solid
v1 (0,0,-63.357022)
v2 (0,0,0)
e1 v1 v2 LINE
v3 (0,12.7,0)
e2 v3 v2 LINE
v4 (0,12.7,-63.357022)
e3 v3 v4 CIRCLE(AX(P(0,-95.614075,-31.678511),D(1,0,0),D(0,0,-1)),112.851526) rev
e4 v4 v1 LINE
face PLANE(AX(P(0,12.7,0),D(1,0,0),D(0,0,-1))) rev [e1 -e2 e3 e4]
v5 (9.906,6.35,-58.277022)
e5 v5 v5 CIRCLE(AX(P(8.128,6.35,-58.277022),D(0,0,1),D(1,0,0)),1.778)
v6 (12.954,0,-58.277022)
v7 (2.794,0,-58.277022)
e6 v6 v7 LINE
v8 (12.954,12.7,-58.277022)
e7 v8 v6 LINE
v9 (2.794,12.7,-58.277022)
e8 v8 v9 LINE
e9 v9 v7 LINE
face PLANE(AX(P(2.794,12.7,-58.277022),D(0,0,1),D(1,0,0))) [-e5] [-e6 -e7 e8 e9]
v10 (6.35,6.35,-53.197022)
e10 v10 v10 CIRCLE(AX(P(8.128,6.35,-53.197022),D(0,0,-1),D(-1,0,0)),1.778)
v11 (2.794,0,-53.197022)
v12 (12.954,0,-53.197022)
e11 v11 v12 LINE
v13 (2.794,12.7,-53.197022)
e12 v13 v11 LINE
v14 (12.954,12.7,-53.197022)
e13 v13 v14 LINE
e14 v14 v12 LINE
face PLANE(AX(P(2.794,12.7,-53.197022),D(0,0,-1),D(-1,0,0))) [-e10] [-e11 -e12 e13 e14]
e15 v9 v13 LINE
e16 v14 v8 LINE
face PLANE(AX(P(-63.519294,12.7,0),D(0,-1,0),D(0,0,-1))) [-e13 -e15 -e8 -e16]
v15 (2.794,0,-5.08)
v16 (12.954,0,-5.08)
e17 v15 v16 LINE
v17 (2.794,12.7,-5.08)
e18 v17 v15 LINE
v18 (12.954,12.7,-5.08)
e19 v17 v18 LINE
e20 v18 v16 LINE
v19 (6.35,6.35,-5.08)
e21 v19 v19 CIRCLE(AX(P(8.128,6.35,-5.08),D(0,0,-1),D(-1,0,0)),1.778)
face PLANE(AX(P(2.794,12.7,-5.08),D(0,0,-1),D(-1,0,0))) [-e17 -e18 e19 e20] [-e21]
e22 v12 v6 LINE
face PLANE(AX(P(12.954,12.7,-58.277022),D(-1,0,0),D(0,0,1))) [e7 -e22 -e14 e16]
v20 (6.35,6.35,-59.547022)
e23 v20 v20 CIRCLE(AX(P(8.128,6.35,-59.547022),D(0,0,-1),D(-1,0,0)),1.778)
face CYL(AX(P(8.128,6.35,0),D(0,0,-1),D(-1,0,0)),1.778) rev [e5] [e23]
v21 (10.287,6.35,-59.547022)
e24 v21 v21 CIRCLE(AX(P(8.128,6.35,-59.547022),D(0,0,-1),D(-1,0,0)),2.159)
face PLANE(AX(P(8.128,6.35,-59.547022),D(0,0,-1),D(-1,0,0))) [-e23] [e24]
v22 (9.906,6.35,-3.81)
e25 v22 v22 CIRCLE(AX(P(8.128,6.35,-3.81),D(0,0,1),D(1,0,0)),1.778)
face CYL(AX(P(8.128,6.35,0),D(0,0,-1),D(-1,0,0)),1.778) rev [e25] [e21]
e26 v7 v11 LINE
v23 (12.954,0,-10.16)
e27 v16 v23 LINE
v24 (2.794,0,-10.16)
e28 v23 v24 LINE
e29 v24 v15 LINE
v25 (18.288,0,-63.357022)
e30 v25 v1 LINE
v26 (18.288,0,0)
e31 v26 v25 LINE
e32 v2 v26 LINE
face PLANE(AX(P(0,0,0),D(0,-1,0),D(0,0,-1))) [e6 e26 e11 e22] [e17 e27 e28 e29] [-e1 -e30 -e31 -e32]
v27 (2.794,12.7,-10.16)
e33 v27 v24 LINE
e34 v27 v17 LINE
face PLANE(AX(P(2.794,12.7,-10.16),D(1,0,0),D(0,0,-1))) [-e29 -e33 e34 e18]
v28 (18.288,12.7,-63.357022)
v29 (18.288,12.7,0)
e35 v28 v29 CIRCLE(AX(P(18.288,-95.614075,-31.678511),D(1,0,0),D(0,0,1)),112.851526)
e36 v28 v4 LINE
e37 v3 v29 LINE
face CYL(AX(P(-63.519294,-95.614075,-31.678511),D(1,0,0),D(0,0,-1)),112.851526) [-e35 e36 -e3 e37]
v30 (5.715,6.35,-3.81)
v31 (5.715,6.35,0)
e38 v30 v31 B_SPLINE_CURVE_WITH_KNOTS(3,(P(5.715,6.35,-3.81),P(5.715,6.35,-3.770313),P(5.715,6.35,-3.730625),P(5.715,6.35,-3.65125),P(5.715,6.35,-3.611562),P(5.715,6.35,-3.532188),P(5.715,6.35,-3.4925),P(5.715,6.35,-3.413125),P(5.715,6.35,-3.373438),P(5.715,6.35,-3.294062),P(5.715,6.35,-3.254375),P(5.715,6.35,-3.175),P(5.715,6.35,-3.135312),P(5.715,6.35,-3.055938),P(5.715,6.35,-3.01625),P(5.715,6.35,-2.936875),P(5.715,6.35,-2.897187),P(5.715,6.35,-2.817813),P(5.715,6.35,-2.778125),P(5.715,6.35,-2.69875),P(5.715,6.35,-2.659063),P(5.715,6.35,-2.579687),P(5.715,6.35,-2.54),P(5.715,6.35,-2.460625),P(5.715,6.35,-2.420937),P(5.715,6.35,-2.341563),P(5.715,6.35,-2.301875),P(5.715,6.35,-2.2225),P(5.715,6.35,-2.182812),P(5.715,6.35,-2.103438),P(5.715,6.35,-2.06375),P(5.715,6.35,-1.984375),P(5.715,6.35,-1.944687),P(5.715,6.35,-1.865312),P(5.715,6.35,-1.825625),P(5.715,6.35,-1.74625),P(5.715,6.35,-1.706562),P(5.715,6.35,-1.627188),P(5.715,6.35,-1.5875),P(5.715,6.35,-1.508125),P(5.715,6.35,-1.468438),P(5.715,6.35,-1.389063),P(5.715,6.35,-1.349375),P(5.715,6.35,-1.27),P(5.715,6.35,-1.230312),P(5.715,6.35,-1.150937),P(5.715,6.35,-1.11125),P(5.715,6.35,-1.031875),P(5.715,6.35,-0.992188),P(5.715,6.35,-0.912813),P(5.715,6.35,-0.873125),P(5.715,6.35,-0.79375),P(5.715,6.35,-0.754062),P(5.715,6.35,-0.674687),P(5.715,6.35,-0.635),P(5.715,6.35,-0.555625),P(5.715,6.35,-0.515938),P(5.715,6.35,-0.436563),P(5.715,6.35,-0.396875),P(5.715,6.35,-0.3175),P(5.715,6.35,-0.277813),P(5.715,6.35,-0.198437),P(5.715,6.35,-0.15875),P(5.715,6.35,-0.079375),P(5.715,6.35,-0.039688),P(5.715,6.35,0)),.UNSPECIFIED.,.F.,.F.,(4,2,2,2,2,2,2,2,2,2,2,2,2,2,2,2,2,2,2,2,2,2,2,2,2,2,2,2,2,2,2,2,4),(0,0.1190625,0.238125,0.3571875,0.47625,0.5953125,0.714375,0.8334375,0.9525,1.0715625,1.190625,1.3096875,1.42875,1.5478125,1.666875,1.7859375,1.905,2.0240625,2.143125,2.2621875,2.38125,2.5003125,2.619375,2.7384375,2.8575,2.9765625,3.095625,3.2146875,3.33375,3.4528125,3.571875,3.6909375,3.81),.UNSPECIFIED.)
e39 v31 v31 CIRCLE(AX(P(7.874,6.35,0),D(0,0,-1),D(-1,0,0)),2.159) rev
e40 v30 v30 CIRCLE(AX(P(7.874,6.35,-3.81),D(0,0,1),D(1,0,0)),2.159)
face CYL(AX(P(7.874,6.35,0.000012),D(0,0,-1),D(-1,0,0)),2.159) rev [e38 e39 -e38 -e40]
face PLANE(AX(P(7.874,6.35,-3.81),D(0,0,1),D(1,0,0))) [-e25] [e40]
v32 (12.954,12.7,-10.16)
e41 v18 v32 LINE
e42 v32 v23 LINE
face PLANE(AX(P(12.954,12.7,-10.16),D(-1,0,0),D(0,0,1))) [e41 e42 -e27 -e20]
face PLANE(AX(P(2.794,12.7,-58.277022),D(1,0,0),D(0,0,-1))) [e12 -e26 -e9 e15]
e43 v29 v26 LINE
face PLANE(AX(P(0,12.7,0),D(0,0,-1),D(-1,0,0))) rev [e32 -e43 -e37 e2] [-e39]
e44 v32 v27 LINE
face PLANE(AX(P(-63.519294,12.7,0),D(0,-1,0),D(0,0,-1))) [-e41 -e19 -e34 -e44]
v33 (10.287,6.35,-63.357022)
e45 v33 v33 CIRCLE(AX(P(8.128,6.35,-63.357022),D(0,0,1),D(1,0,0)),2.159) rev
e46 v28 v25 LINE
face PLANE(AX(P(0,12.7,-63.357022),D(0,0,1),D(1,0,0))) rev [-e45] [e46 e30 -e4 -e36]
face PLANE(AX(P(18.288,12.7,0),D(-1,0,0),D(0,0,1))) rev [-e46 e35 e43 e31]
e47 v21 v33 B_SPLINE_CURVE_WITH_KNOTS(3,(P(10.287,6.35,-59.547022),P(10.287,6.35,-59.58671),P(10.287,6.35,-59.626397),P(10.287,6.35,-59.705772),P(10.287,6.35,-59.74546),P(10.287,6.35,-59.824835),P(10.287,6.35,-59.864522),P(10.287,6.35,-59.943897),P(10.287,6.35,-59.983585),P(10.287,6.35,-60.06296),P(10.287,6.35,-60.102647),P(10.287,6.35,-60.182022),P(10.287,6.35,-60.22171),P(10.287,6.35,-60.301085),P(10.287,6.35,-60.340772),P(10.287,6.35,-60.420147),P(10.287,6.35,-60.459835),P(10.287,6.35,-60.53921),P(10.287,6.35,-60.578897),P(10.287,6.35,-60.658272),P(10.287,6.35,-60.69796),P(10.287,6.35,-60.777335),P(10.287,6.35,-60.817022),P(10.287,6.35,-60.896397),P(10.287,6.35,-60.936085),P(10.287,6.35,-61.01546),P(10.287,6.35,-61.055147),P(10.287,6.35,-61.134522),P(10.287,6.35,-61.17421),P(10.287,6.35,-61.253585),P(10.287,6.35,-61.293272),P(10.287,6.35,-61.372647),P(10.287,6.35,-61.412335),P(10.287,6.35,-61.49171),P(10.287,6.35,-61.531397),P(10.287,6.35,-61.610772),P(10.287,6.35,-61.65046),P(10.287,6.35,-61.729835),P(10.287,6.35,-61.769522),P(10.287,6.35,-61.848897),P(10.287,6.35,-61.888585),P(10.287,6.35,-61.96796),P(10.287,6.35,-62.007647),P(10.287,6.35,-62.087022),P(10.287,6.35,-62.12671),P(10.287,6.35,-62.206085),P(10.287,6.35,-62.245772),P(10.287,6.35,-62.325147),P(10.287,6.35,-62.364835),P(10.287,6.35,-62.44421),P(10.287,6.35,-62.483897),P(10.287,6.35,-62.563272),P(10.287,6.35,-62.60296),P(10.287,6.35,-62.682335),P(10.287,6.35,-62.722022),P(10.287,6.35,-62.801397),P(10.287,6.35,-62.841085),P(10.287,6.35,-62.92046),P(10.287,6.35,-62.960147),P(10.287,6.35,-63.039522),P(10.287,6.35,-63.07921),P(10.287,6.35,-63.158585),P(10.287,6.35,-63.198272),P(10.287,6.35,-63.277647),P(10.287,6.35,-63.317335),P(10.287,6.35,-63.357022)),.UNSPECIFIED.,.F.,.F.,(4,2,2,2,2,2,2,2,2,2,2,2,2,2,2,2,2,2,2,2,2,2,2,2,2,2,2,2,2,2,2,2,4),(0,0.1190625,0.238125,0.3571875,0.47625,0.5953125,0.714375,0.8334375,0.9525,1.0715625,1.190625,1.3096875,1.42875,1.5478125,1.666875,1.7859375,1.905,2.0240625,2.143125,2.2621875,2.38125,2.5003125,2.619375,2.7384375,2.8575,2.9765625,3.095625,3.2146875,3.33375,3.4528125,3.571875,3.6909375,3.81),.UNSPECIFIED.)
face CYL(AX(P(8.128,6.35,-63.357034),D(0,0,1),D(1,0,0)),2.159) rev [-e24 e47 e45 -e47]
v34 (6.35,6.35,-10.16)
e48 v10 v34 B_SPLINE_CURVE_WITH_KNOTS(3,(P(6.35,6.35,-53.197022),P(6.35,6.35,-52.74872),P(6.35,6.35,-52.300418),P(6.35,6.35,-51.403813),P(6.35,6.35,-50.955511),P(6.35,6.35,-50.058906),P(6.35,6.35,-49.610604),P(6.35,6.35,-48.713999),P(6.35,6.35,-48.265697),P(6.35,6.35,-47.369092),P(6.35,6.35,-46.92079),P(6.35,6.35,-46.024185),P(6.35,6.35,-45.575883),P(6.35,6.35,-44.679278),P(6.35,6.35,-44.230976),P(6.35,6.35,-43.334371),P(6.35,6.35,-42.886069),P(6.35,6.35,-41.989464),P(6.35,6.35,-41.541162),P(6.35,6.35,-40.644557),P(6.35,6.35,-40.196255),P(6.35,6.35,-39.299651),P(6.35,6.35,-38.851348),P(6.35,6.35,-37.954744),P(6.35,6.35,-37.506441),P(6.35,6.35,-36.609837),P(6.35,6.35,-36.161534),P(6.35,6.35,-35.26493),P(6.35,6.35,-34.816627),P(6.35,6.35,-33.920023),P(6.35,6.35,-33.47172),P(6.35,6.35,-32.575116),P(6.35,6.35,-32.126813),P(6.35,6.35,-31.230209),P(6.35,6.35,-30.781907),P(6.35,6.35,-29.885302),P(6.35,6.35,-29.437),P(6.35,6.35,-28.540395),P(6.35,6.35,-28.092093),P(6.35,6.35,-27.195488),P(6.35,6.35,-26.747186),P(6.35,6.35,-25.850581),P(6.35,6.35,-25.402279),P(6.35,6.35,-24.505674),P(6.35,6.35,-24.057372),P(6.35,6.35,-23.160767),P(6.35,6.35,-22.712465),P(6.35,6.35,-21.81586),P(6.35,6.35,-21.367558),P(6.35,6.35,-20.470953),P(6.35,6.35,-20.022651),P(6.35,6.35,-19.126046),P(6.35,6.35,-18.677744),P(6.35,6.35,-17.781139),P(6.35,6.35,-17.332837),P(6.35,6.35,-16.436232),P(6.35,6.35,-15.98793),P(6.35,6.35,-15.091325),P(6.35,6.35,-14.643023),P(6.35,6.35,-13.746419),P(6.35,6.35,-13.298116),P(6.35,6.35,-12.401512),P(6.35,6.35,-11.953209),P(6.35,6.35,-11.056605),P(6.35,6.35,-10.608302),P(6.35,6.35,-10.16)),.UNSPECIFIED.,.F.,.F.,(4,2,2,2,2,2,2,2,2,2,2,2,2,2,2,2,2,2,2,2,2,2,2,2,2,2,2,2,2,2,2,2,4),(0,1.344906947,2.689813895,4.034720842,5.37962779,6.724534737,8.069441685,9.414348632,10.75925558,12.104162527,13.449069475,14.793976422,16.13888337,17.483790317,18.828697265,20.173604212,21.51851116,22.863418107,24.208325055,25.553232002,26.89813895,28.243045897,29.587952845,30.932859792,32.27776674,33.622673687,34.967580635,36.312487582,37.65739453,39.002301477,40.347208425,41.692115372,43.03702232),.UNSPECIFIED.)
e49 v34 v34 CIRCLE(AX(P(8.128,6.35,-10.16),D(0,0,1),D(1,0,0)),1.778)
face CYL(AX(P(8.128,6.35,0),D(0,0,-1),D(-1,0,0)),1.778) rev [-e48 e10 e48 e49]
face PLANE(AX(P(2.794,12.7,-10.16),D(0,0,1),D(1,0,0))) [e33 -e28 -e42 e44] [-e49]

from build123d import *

# Parameters (mm, degrees)
SKETCH1_W               = 18.288
SKETCH1_H               = 63.35702232
SKETCH1_W_2             = 10.16
SKETCH1_H_2             = 5.08
BOSS_EXTRUDE1_DEPTH     = 12.7
BOSS_EXTRUDE2_DEPTH     = 18.288
CUT_EXTRUDE1_DEPTH      = 69.159320254
CUT_EXTRUDE1_DEPTH_BACK = 3.81
SKETCH6_R               = 2.159
CUT_EXTRUDE2_DEPTH      = 69.159320254
CUT_EXTRUDE2_DEPTH_BACK = 3.81
SKETCH9_R               = 2.159
CUT_EXTRUDE3_DEPTH      = 59.834546347
CUT_EXTRUDE3_DEPTH_BACK = 59.834546347
SKETCH10_R              = 1.778


with BuildPart() as part:
    # Sketch1 → Boss-Extrude1 (new body)
    with BuildSketch(Plane(origin=(0, 0, 0), x_dir=(1, 0, 0), z_dir=(0, 1, 0))):
        with Locations((9.144, 31.67851116)):
            Rectangle(SKETCH1_W, SKETCH1_H)
        with Locations((7.874, 55.73702232)):
            Rectangle(SKETCH1_W_2, SKETCH1_H_2, mode=Mode.SUBTRACT)
        with Locations((7.874, 7.62)):
            Rectangle(SKETCH1_W_2, SKETCH1_H_2, mode=Mode.SUBTRACT)
    extrude(amount=BOSS_EXTRUDE1_DEPTH)

    # Sketch2 → Boss-Extrude2 (add)
    with BuildSketch(Plane(origin=(18.288, 0, 0), x_dir=(0, 0, -1), z_dir=(1, 0, 0))):
        with BuildLine():
            Line((0, 12.7), (63.35702232, 12.7))
            ThreePointArc((63.35702232, 12.7), (31.67851116, 17.237450977), (0, 12.7))
        make_face()
    extrude(amount=-BOSS_EXTRUDE2_DEPTH)

    # Sketch6 → Cut-Extrude1 (cut, two sides: drawn at the far end of the back side and taken through both)
    with BuildSketch(Plane.XY.offset(-CUT_EXTRUDE1_DEPTH_BACK)):
        with Locations(Location((7.874, 6.35, 0), (0, 0, 180))):
            Circle(SKETCH6_R)
    extrude(amount=CUT_EXTRUDE1_DEPTH + CUT_EXTRUDE1_DEPTH_BACK, mode=Mode.SUBTRACT)

    # Sketch9 → Cut-Extrude2 (cut, two sides: drawn at the far end of the back side and taken through both)
    with BuildSketch(Plane(origin=(0, 0, -63.35702232), x_dir=(-1, 0, 0), z_dir=(0, 0, -1)).offset(-CUT_EXTRUDE2_DEPTH_BACK)):
        with Locations(Location((-8.128, 6.35, 0), (0, 0, 180))):
            Circle(SKETCH9_R)
    extrude(amount=CUT_EXTRUDE2_DEPTH + CUT_EXTRUDE2_DEPTH_BACK, mode=Mode.SUBTRACT)

    # Sketch10 → Cut-Extrude3 (cut, two sides: drawn at the far end of the back side and taken through both)
    with BuildSketch(Plane(origin=(0, 0, -53.19702232), x_dir=(-1, 0, 0), z_dir=(0, 0, -1)).offset(-CUT_EXTRUDE3_DEPTH_BACK)):
        with Locations((-8.128, 6.35)):
            Circle(SKETCH10_R)
    extrude(amount=CUT_EXTRUDE3_DEPTH + CUT_EXTRUDE3_DEPTH_BACK, mode=Mode.SUBTRACT)


solid = part.part
